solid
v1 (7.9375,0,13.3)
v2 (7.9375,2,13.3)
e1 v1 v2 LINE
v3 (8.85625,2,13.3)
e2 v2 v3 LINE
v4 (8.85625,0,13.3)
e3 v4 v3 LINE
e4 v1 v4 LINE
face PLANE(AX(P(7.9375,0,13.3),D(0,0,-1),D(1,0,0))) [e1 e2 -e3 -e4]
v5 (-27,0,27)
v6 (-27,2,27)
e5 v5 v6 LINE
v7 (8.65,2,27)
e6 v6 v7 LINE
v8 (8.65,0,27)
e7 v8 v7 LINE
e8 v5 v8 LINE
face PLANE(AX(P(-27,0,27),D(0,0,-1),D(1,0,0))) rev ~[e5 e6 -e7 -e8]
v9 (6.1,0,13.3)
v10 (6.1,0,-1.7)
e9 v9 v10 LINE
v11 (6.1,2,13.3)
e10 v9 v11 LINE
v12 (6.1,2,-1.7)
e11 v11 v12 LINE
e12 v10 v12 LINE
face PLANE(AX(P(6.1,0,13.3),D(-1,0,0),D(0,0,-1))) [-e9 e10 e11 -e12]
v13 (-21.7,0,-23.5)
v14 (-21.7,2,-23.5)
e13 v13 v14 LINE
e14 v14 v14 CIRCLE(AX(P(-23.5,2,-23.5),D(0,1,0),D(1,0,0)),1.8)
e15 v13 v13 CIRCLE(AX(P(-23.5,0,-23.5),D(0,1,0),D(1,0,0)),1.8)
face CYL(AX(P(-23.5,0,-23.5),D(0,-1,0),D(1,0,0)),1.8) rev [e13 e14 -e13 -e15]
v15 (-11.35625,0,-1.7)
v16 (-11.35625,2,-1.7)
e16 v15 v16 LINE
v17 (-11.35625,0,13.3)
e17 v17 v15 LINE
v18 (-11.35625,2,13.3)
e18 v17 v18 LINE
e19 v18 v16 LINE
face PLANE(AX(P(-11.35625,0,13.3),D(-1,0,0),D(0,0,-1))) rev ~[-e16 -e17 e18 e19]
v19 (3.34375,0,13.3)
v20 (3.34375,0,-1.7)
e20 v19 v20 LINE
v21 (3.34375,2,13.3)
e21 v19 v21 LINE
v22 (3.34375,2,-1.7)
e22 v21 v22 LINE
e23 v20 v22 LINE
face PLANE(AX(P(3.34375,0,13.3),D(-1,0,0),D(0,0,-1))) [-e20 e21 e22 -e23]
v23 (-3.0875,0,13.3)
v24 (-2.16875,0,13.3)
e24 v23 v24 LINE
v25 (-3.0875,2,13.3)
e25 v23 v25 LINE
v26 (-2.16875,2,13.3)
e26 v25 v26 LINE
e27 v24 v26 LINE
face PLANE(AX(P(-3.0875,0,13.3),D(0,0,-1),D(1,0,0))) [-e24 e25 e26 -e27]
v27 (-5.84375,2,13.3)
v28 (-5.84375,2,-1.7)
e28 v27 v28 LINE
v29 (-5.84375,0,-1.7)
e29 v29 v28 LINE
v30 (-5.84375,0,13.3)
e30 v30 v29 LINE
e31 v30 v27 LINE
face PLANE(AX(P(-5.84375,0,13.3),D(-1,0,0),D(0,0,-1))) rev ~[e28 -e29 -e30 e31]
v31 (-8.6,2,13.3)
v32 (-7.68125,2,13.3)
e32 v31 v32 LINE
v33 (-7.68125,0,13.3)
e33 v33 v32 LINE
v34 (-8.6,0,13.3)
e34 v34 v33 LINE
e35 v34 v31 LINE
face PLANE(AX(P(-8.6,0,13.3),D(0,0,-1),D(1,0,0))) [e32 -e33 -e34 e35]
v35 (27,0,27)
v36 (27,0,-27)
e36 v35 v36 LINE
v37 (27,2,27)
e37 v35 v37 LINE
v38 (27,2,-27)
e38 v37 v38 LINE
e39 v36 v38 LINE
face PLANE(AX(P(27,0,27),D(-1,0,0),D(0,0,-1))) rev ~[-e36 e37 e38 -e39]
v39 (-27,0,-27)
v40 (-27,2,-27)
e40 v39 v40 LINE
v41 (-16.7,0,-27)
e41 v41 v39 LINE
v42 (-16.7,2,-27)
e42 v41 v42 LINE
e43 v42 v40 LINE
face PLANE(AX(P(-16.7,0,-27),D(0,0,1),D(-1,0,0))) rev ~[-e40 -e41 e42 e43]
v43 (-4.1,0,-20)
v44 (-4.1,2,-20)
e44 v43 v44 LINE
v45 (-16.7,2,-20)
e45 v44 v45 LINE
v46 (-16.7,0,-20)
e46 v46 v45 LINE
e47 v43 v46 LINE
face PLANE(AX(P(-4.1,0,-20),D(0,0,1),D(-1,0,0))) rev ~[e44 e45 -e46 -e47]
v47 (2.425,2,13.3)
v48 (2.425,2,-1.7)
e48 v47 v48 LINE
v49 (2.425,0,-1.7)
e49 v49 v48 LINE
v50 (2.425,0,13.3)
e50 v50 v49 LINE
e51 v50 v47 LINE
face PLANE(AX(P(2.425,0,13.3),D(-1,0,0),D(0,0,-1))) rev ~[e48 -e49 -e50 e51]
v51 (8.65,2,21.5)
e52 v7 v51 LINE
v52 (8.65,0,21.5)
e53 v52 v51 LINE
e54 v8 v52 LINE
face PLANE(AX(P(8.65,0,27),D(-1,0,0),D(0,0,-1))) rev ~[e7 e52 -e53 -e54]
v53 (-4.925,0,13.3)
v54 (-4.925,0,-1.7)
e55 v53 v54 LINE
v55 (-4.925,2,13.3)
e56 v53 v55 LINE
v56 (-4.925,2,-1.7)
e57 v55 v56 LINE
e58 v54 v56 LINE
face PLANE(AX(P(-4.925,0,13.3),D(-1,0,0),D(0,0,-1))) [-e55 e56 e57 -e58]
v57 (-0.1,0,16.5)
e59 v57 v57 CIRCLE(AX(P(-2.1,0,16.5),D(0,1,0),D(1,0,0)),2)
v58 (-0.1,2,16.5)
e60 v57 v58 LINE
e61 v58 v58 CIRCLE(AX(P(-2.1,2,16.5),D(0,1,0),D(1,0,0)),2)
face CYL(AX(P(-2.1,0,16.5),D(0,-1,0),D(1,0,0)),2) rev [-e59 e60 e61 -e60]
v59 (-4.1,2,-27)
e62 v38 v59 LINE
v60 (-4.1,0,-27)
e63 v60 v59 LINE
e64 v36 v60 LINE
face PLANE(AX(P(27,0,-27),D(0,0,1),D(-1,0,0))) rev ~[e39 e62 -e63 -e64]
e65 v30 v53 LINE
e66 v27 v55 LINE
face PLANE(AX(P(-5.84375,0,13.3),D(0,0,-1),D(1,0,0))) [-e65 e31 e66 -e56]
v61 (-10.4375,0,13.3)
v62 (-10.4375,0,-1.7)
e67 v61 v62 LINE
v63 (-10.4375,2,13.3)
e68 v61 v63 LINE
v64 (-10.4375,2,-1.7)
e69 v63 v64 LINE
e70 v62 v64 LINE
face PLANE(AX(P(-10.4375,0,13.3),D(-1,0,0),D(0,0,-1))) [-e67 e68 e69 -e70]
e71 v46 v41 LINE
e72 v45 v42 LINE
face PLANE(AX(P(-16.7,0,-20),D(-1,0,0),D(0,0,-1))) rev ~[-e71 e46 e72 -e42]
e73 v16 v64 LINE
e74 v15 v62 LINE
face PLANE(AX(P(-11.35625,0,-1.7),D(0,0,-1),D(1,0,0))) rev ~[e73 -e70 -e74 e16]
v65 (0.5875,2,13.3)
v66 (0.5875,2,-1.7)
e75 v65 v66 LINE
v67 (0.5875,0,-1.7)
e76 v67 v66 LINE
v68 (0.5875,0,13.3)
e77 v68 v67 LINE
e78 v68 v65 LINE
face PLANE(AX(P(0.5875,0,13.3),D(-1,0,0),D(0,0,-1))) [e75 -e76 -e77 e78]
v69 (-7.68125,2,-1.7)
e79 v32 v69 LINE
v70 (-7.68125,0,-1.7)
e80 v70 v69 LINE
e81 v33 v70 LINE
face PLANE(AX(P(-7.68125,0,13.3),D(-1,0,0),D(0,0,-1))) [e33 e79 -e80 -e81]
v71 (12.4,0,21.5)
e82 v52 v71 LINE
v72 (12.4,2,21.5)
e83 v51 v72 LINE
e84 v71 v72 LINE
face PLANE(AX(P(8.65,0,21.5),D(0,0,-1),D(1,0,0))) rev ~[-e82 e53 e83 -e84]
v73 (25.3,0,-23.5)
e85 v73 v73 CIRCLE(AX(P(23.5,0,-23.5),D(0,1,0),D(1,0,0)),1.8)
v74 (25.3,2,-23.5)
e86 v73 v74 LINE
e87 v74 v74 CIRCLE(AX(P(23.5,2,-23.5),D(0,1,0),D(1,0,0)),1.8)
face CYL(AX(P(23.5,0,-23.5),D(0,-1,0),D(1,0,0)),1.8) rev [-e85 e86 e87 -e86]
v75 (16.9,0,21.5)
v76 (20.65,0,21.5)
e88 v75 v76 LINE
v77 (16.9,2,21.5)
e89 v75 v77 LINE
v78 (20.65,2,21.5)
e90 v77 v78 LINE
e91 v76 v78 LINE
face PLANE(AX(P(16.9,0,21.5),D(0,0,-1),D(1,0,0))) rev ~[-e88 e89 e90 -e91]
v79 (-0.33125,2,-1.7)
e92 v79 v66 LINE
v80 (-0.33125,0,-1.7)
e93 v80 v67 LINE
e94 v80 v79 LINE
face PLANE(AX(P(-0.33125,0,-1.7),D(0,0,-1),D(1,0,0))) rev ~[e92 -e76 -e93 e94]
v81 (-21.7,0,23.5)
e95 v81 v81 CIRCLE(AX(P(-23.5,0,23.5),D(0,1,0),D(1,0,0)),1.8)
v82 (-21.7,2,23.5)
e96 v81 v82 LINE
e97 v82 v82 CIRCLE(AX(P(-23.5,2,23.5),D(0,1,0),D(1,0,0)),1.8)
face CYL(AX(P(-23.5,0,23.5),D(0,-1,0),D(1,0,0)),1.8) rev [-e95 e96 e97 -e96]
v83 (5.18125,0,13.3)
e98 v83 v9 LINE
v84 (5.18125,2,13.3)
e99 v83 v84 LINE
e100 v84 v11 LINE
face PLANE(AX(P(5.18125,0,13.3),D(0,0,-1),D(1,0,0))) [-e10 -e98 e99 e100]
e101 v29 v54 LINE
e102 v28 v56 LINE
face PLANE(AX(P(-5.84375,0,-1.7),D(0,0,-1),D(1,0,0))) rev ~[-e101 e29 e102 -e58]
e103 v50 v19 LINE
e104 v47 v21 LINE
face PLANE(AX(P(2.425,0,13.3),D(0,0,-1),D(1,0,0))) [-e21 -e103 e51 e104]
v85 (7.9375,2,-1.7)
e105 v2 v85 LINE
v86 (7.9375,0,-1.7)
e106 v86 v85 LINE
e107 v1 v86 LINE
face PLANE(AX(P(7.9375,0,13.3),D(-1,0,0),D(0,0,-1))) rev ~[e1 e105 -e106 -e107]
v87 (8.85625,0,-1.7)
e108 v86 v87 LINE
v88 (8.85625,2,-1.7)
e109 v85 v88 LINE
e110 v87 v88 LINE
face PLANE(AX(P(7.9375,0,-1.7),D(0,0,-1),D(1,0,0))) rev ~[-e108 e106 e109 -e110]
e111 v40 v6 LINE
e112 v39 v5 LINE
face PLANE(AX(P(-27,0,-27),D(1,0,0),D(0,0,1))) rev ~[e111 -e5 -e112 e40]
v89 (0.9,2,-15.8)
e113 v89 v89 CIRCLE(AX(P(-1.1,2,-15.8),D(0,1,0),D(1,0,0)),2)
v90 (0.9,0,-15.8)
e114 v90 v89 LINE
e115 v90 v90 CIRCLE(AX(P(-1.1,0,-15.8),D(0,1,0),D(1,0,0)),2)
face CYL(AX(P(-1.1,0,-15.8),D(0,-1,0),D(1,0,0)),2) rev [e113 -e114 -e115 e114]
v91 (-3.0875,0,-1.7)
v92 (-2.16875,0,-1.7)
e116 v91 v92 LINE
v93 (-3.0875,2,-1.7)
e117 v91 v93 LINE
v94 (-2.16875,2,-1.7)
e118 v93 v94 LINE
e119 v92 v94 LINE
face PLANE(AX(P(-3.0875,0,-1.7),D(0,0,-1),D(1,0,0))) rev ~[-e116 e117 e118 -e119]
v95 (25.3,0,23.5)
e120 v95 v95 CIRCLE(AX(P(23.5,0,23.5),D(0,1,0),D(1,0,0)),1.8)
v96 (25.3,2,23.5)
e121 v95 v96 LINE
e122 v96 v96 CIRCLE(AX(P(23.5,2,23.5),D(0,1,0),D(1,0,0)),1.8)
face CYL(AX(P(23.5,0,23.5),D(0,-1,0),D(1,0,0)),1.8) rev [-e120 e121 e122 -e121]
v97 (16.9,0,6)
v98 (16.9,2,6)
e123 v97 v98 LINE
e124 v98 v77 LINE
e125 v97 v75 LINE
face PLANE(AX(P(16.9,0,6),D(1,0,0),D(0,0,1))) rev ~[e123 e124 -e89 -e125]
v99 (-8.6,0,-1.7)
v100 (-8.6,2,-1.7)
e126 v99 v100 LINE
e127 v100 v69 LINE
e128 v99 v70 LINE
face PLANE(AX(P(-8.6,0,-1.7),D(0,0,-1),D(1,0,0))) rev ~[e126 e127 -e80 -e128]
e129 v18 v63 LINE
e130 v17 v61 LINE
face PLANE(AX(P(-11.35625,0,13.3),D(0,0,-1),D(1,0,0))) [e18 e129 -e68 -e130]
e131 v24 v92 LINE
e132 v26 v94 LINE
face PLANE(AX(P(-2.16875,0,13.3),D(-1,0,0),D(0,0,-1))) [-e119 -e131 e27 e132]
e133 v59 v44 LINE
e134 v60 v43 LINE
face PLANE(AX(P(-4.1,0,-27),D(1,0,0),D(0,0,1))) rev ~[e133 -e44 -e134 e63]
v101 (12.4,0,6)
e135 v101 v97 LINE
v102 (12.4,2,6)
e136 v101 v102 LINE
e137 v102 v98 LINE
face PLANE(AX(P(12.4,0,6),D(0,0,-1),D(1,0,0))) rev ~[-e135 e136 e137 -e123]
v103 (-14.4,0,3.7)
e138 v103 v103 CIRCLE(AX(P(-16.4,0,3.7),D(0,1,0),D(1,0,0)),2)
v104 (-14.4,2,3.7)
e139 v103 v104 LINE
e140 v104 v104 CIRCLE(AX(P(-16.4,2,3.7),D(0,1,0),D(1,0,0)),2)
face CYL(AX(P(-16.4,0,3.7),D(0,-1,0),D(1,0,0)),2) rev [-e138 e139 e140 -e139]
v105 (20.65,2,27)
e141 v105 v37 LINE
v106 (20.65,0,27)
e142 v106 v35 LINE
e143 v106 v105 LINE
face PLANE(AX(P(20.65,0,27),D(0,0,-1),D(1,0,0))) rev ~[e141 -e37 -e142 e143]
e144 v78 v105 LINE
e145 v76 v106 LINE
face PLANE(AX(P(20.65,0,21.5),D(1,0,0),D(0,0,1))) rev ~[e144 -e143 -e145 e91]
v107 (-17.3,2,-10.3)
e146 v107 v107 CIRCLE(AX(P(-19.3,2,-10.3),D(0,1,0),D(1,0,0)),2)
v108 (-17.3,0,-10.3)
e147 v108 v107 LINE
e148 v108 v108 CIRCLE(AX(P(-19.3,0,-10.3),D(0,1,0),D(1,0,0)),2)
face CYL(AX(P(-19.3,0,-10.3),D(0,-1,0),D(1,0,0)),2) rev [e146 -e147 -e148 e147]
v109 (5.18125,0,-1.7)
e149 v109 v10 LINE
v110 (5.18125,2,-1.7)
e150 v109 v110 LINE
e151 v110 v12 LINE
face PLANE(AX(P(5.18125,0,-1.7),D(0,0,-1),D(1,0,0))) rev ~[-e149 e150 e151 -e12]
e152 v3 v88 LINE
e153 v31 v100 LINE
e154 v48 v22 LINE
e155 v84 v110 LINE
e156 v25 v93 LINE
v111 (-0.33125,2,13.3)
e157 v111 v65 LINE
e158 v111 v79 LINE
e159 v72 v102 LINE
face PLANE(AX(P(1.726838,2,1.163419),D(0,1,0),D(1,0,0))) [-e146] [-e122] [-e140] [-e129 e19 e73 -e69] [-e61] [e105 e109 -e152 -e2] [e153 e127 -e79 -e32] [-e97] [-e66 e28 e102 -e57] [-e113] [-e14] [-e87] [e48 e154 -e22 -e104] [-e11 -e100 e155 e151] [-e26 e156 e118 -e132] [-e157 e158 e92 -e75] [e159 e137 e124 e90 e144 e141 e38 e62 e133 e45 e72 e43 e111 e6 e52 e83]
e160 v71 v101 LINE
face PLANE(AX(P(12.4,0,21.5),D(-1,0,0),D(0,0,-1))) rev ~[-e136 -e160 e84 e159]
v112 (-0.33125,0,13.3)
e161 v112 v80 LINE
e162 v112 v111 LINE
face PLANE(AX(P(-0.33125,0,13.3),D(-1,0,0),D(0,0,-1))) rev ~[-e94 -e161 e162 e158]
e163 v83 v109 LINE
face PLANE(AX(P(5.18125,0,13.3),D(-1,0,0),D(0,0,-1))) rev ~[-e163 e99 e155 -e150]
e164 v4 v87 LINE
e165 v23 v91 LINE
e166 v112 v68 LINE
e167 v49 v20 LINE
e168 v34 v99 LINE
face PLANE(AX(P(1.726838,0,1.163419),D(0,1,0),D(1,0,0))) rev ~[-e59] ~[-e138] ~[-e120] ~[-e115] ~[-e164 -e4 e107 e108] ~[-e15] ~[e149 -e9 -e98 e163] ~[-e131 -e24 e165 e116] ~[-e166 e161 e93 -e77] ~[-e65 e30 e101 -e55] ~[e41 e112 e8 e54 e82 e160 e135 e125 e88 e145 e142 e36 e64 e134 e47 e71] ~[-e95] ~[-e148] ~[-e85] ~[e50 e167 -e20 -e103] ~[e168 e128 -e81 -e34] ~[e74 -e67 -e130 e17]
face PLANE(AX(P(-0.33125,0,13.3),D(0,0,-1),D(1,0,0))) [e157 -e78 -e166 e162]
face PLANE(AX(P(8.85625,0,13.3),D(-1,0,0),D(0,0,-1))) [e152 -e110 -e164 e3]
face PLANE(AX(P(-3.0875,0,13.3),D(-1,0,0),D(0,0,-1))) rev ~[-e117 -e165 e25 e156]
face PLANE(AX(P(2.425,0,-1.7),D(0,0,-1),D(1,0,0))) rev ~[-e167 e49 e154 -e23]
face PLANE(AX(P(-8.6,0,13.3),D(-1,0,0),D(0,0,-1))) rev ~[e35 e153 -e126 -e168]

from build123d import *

# Parameters (mm, degrees)
SKETCH_3_R      = 2
SKETCH_3_W      = 0.91875
SKETCH_3_H      = 15
SKETCH_3_R_2    = 1.8
EXTRUDE_2_DEPTH = 2


with BuildPart() as part:
    # 草图3 → 凸台-拉伸2 (new body)
    with BuildSketch(Plane(origin=(0, 0, 0), x_dir=(1, 0, 0), z_dir=(0, 1, 0))):
        Polygon((16.9, -21.5), (20.65, -21.5), (20.65, -27), (27, -27), (27, 27), (-4.1, 27), (-4.1, 20), (-16.7, 20), (-16.7, 27), (-27, 27), (-27, -27), (8.65, -27), (8.65, -21.5), (12.4, -21.5), (12.4, -6), (16.9, -6), align=None)
        with Locations((-19.3, 10.3)):
            Circle(SKETCH_3_R, mode=Mode.SUBTRACT)
        with Locations((-2.1, -16.5)):
            Circle(SKETCH_3_R, mode=Mode.SUBTRACT)
        with Locations((-16.4, -3.7)):
            Circle(SKETCH_3_R, mode=Mode.SUBTRACT)
        with Locations((-10.896875, -5.8)):
            Rectangle(SKETCH_3_W, SKETCH_3_H, mode=Mode.SUBTRACT)
        with Locations((-8.140625, -5.8)):
            Rectangle(SKETCH_3_W, SKETCH_3_H, mode=Mode.SUBTRACT)
        with Locations((-5.384375, -5.8)):
            Rectangle(SKETCH_3_W, SKETCH_3_H, mode=Mode.SUBTRACT)
        with Locations((-2.628125, -5.8)):
            Rectangle(SKETCH_3_W, SKETCH_3_H, mode=Mode.SUBTRACT)
        with Locations((0.128125, -5.8)):
            Rectangle(SKETCH_3_W, SKETCH_3_H, mode=Mode.SUBTRACT)
        with Locations((2.884375, -5.8)):
            Rectangle(SKETCH_3_W, SKETCH_3_H, mode=Mode.SUBTRACT)
        with Locations((23.5, -23.5)):
            Circle(SKETCH_3_R_2, mode=Mode.SUBTRACT)
        with Locations((5.640625, -5.8)):
            Rectangle(SKETCH_3_W, SKETCH_3_H, mode=Mode.SUBTRACT)
        with Locations((8.396875, -5.8)):
            Rectangle(SKETCH_3_W, SKETCH_3_H, mode=Mode.SUBTRACT)
        with Locations((-1.1, 15.8)):
            Circle(SKETCH_3_R, mode=Mode.SUBTRACT)
        with Locations((23.5, 23.5)):
            Circle(SKETCH_3_R_2, mode=Mode.SUBTRACT)
        with Locations((-23.5, -23.5)):
            Circle(SKETCH_3_R_2, mode=Mode.SUBTRACT)
        with Locations((-23.5, 23.5)):
            Circle(SKETCH_3_R_2, mode=Mode.SUBTRACT)
    extrude(amount=EXTRUDE_2_DEPTH)


solid = part.part
